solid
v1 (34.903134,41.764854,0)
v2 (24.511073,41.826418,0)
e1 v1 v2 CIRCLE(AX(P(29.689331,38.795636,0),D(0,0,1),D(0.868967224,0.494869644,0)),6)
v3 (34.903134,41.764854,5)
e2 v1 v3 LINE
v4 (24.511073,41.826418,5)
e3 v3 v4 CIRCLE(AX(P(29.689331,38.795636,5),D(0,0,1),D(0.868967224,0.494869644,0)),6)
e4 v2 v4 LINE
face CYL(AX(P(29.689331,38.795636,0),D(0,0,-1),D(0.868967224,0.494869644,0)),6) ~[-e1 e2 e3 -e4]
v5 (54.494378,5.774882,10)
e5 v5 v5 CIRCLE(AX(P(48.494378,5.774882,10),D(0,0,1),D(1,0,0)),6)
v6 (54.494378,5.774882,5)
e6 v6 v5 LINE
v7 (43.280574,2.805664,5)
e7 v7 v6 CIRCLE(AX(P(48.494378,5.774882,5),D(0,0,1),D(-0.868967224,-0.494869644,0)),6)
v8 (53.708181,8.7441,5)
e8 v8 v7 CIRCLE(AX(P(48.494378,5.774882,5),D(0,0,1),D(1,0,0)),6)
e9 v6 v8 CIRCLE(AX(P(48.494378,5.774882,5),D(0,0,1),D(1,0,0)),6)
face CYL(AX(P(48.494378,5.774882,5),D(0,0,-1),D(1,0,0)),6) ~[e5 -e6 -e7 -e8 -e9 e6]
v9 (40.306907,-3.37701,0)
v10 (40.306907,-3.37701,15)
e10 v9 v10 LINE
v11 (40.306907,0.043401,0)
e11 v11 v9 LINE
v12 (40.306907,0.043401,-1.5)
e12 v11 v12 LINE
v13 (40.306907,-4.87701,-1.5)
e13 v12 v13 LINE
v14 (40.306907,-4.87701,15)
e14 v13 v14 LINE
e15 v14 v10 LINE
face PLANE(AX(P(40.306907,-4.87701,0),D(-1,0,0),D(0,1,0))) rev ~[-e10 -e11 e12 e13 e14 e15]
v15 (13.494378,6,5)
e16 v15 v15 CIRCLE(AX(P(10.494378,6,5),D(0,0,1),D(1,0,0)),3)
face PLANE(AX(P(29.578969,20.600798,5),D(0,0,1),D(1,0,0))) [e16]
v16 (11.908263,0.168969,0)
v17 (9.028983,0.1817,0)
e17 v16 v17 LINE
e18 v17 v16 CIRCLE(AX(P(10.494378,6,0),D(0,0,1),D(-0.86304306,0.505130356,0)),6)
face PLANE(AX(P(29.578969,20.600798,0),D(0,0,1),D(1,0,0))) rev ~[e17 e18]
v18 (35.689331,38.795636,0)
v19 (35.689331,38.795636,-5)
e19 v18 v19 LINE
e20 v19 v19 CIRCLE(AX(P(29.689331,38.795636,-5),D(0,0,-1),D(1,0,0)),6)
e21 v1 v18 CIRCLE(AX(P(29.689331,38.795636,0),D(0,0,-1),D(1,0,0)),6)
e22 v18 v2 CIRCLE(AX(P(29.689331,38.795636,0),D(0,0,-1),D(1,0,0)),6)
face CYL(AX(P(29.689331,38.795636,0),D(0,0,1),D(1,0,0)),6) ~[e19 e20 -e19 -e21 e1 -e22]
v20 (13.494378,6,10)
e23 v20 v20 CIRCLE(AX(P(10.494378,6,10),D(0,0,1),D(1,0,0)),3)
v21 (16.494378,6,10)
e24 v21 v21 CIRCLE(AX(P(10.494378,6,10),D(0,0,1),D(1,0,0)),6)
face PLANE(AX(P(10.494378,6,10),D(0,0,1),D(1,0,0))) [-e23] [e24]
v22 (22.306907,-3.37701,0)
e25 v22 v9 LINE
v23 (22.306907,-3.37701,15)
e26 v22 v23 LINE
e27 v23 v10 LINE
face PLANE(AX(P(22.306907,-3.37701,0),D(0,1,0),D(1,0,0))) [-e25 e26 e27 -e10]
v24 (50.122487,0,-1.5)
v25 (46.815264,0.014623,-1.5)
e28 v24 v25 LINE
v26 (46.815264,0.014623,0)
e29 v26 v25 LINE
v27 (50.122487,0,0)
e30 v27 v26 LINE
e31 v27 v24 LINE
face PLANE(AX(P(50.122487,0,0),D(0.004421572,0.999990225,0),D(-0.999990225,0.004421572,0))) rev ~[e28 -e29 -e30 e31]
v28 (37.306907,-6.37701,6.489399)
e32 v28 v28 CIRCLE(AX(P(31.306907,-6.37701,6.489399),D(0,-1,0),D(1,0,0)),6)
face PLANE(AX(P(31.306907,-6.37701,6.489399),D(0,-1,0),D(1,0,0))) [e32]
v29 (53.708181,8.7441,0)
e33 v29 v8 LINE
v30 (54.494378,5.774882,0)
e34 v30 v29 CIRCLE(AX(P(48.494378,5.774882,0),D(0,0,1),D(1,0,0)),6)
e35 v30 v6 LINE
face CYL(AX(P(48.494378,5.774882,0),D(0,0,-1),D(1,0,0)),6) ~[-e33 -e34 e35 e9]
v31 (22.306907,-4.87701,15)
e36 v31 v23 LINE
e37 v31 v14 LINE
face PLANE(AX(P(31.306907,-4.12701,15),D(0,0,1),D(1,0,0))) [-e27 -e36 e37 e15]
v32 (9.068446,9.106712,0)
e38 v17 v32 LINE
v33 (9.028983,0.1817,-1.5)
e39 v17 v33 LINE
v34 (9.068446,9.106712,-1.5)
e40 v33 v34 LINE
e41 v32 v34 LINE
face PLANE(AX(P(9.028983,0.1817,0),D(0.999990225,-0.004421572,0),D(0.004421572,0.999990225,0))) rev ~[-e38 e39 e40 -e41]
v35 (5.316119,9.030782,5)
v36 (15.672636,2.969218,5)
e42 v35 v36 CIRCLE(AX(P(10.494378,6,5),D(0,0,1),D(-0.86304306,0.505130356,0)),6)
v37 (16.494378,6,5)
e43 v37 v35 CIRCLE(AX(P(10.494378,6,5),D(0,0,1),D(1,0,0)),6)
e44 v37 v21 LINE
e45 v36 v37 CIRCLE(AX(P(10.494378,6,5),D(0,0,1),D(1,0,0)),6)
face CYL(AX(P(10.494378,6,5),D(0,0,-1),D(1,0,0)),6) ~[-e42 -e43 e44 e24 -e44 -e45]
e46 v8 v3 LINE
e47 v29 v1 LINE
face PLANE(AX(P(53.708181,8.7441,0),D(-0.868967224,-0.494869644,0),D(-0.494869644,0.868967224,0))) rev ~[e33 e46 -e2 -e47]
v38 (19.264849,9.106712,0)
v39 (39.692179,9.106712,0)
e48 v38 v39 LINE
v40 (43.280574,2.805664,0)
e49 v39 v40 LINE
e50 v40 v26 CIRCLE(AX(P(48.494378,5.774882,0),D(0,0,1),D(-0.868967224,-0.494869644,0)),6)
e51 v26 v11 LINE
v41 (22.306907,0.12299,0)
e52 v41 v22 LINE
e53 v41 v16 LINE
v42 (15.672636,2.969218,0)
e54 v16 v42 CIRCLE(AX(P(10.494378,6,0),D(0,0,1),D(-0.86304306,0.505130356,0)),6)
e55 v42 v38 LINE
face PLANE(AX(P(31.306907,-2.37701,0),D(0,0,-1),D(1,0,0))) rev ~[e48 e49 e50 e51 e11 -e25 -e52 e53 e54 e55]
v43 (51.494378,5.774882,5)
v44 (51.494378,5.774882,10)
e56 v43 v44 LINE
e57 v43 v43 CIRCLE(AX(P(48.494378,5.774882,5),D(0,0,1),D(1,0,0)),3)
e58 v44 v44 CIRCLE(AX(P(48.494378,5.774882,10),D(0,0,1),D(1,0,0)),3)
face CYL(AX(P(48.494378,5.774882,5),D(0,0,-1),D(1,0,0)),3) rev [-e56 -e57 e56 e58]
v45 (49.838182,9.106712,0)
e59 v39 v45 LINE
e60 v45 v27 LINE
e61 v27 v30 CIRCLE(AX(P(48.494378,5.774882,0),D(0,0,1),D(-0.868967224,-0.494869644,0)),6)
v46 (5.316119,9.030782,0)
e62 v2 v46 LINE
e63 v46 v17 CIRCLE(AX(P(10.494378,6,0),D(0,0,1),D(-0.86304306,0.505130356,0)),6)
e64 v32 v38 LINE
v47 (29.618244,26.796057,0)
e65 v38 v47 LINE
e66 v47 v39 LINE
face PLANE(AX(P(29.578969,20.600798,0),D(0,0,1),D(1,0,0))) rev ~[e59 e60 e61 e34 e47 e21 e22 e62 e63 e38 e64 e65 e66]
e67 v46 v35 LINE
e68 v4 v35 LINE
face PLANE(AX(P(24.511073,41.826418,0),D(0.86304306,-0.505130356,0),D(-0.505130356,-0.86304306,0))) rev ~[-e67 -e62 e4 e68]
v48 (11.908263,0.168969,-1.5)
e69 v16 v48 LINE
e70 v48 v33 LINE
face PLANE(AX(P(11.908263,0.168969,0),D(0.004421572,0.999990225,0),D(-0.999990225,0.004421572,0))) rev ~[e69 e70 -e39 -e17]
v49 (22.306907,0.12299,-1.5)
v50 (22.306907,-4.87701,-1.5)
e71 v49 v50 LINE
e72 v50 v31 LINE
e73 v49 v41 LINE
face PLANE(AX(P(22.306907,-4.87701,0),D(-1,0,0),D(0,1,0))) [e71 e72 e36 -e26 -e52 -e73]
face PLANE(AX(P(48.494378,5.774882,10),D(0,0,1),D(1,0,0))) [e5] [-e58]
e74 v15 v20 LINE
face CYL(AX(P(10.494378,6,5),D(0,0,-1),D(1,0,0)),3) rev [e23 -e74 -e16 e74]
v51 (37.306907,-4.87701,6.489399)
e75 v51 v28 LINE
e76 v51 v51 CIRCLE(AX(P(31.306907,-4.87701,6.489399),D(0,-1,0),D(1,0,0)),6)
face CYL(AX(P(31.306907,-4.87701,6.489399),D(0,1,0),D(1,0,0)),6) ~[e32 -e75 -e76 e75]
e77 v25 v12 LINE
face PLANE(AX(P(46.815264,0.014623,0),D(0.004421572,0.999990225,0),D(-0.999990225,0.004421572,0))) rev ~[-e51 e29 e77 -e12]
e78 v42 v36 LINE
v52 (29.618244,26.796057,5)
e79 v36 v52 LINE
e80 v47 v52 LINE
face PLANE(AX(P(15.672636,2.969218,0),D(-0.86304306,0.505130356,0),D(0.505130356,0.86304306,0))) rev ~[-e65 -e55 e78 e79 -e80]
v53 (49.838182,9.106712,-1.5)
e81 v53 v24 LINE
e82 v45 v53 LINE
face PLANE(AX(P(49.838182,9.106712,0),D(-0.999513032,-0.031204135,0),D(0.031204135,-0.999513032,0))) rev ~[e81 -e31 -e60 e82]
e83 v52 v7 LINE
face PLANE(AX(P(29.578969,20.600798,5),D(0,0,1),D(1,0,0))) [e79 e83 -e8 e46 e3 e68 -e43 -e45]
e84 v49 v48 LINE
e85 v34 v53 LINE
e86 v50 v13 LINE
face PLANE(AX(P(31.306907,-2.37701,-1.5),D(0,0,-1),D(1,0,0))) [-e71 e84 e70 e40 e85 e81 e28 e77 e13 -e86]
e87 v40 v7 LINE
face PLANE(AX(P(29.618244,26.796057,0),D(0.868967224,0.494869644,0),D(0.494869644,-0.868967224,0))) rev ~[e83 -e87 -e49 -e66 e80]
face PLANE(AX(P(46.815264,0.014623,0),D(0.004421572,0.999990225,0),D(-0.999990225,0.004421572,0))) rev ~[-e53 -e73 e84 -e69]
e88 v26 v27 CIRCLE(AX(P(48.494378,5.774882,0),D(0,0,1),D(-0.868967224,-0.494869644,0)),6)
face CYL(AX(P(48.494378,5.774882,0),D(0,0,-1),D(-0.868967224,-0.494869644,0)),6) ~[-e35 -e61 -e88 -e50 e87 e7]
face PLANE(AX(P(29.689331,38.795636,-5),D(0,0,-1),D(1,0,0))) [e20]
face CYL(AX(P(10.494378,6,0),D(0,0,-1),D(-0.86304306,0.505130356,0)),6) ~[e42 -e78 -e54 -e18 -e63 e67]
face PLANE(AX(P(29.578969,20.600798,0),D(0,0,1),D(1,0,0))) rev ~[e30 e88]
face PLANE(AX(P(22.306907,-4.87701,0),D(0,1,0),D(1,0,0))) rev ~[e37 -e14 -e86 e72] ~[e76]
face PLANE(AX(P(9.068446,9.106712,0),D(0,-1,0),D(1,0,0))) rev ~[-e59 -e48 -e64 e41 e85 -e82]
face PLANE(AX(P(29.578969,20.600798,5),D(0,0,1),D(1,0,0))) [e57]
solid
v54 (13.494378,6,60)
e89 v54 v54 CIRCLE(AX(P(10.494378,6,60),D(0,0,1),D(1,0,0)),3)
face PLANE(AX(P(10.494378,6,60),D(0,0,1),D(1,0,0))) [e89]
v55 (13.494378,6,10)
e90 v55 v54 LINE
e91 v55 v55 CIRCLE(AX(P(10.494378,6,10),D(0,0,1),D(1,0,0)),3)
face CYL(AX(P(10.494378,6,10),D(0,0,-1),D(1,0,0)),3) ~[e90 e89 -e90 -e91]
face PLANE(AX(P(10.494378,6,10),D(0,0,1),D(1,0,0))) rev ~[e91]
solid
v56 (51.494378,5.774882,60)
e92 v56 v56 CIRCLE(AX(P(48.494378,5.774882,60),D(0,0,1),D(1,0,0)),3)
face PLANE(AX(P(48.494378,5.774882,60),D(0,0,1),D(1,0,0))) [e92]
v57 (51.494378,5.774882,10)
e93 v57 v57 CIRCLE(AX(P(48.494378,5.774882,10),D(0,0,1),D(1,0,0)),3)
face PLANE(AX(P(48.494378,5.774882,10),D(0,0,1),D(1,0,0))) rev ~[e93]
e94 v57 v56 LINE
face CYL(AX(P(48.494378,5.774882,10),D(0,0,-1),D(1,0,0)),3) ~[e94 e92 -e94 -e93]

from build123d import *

# Parameters (mm, degrees)
F1_DEPTH  = 5
F2_R      = 6
F3_DEPTH  = 5
F4_R      = 6
F4_R_2    = 3
F5_DEPTH  = 5
F6_R      = 3
F7_DEPTH  = 50
F9_DEPTH  = 1.5
F10_W     = 18
F10_H     = 5
F11_DEPTH = 1.5
F12_W     = 15
F12_H     = 1.5
F13_DEPTH = 15
F12_W_2   = 18
F14_R     = 5.6748584426
F15_DEPTH = 1
F16_R     = 6
F17_DEPTH = 1.5


with BuildPart() as f1:
    # F0 (on Top) → F1 (new body)
    with BuildSketch(Plane.XY):
        with BuildLine():
            ThreePointArc((43.2805742568, 2.8056639072), (45.5251597381, 10.9886851107), (53.7081809416, 8.7440996295))
            Line((53.7081809416, 8.7440996295), (34.9031344877, 41.7648541313))
            ThreePointArc((34.9031344877, 41.7648541313), (35.4894526981, 40.3314064264), (35.6893311454, 38.7956362701))
            ThreePointArc((35.6893311454, 38.7956362701), (28.1192276696, 33.004714489), (24.5110727869, 41.826418409))
            Line((24.5110727869, 41.826418409), (5.3161192408, 9.0307821389))
            ThreePointArc((5.3161192408, 9.0307821389), (12.064481075, 11.7909217811), (16.4943775992, 6))
            ThreePointArc((16.4943775992, 6), (16.2852993804, 4.4298965242), (15.6726359577, 2.9692178611))
            Line((15.6726359577, 2.9692178611), (29.6182436723, 26.796057404))
            Line((29.6182436723, 26.796057404), (43.2805742568, 2.8056639072))
        make_face()
        with BuildLine():
            ThreePointArc((54.4943775992, 5.7748817683), (54.294499152, 7.3106519246), (53.7081809416, 8.7440996295))
            ThreePointArc((53.7081809416, 8.7440996295), (45.5251597381, 10.9886851107), (43.2805742568, 2.8056639072))
            ThreePointArc((43.2805742568, 2.8056639072), (50.0301477555, -0.0252397845), (54.4943775992, 5.7748817683))
        make_face()
        with BuildLine():
            ThreePointArc((35.6893311454, 38.7956362701), (35.4894526981, 40.3314064264), (34.9031344877, 41.7648541313))
            ThreePointArc((34.9031344877, 41.7648541313), (29.7248755056, 44.7955309857), (24.5110727869, 41.826418409))
            ThreePointArc((24.5110727869, 41.826418409), (28.1192276696, 33.004714489), (35.6893311454, 38.7956362701))
        make_face()
        with BuildLine():
            ThreePointArc((16.4943775992, 6), (12.064481075, 11.7909217811), (5.3161192408, 9.0307821389))
            ThreePointArc((5.3161192408, 9.0307821389), (7.4635954604, 0.8217416416), (15.6726359577, 2.9692178611))
            ThreePointArc((15.6726359577, 2.9692178611), (16.2852993804, 4.4298965242), (16.4943775992, 6))
        make_face()
    extrude(amount=F1_DEPTH)

    # F2 (on face) → F3 (join)
    with BuildSketch(Plane(origin=(0, 0, 0), x_dir=(1, 0, 0), z_dir=(0, 0, -1))):
        with Locations((29.6893311454, -38.7956362701)):
            Circle(F2_R)
    extrude(amount=F3_DEPTH)

    # F4 (on face) → F5 (join)
    with BuildSketch(Plane.XY.offset(5)):
        with Locations((10.4943775992, 6)):
            Circle(F4_R)
        with Locations((10.4943775992, 6)):
            Circle(F4_R_2, mode=Mode.SUBTRACT)
        with Locations((48.4943775992, 5.7748817683)):
            Circle(F4_R)
        with Locations((48.4943775992, 5.7748817683)):
            Circle(F4_R_2, mode=Mode.SUBTRACT)
    extrude(amount=F5_DEPTH)

    # F8 (on face) → F9 (join)
    with BuildSketch(Plane(origin=(0, 0, 0), x_dir=(1, 0, 0), z_dir=(0, 0, -1))):
        with BuildLine():
            Line((49.8381815851, -9.1067121526), (50.1224871047, 0))
            Line((50.1224871047, 0), (46.8152641434, -0.014623267))
            ThreePointArc((46.8152641434, -0.014623267), (44.77610482, -1.0659065571), (43.2805742568, -2.8056639072))
            Line((43.2805742568, -2.8056639072), (39.69217942, -9.1067121526))
            Line((39.69217942, -9.1067121526), (49.8381815851, -9.1067121526))
        make_face()
        with BuildLine():
            ThreePointArc((15.6726359577, -2.9692178611), (14.075500288, -1.1858998465), (11.9082632669, -0.1689685888))
            Line((11.9082632669, -0.1689685888), (9.0289830705, -0.1816996575))
            Line((9.0289830705, -0.1816996575), (9.0684460404, -9.1067121526))
            Line((9.0684460404, -9.1067121526), (19.2648491669, -9.1067121526))
            Line((19.2648491669, -9.1067121526), (15.6726359577, -2.9692178611))
        make_face()
        with BuildLine():
            ThreePointArc((43.2805742568, -2.8056639072), (44.77610482, -1.0659065571), (46.8152641434, -0.014623267))
            Line((46.8152641434, -0.014623267), (11.9082632669, -0.1689685888))
            ThreePointArc((11.9082632669, -0.1689685888), (14.075500288, -1.1858998465), (15.6726359577, -2.9692178611))
            Line((15.6726359577, -2.9692178611), (19.2648491669, -9.1067121526))
            Line((19.2648491669, -9.1067121526), (39.69217942, -9.1067121526))
            Line((39.69217942, -9.1067121526), (43.2805742568, -2.8056639072))
        make_face()
    extrude(amount=F9_DEPTH)

    # F10 (on face) → F11 (join)
    with BuildSketch(Plane(origin=(0, 0, -1.5), x_dir=(1, 0, 0), z_dir=(0, 0, -1))):
        with Locations((31.3069072107, 2.3770102122)):
            Rectangle(F10_W, F10_H)
    extrude(amount=-F11_DEPTH)

    # F12 (on face) → F13, piece 2 (join)
    with BuildSketch(Plane.XY):
        with Locations((31.3069072107, -4.1270102122)):
            Rectangle(F12_W_2, F12_H)
    extrude(amount=F13_DEPTH)

    # F16 (on face) → F17 (join)
    with BuildSketch(Plane.XZ.offset(4.8770102122)):
        with Locations((31.3069072107, 6.4893988892)):
            Circle(F16_R)
    extrude(amount=F17_DEPTH)


with BuildPart() as f7:
    # F6 (on face) → F7 (new body)
    with BuildSketch(Plane.XY.offset(10)):
        with Locations((48.4943775992, 5.7748817683)):
            Circle(F6_R)
    extrude(amount=F7_DEPTH)


with BuildPart() as f7b:
    # F6 (on face) → F7, piece 2 (new body)
    with BuildSketch(Plane.XY.offset(10)):
        with Locations((10.4943775992, 6)):
            Circle(F6_R)
    extrude(amount=F7_DEPTH)


with BuildPart() as f13:
    # F12 (on face) → F13 (new body)
    with BuildSketch(Plane.XY):
        with Locations((2585.3193696775, -10.4265026783)):
            Rectangle(F12_W, F12_H)
    extrude(amount=F13_DEPTH)

    # F14 (on face) → F15 (join)
    with BuildSketch(Plane.XZ.offset(11.1765026783)):
        with Locations((2585.3193696775, 7.1355714463)):
            Circle(F14_R)
    extrude(amount=F15_DEPTH)


solid = Compound([f1.part, f7.part, f7b.part])
